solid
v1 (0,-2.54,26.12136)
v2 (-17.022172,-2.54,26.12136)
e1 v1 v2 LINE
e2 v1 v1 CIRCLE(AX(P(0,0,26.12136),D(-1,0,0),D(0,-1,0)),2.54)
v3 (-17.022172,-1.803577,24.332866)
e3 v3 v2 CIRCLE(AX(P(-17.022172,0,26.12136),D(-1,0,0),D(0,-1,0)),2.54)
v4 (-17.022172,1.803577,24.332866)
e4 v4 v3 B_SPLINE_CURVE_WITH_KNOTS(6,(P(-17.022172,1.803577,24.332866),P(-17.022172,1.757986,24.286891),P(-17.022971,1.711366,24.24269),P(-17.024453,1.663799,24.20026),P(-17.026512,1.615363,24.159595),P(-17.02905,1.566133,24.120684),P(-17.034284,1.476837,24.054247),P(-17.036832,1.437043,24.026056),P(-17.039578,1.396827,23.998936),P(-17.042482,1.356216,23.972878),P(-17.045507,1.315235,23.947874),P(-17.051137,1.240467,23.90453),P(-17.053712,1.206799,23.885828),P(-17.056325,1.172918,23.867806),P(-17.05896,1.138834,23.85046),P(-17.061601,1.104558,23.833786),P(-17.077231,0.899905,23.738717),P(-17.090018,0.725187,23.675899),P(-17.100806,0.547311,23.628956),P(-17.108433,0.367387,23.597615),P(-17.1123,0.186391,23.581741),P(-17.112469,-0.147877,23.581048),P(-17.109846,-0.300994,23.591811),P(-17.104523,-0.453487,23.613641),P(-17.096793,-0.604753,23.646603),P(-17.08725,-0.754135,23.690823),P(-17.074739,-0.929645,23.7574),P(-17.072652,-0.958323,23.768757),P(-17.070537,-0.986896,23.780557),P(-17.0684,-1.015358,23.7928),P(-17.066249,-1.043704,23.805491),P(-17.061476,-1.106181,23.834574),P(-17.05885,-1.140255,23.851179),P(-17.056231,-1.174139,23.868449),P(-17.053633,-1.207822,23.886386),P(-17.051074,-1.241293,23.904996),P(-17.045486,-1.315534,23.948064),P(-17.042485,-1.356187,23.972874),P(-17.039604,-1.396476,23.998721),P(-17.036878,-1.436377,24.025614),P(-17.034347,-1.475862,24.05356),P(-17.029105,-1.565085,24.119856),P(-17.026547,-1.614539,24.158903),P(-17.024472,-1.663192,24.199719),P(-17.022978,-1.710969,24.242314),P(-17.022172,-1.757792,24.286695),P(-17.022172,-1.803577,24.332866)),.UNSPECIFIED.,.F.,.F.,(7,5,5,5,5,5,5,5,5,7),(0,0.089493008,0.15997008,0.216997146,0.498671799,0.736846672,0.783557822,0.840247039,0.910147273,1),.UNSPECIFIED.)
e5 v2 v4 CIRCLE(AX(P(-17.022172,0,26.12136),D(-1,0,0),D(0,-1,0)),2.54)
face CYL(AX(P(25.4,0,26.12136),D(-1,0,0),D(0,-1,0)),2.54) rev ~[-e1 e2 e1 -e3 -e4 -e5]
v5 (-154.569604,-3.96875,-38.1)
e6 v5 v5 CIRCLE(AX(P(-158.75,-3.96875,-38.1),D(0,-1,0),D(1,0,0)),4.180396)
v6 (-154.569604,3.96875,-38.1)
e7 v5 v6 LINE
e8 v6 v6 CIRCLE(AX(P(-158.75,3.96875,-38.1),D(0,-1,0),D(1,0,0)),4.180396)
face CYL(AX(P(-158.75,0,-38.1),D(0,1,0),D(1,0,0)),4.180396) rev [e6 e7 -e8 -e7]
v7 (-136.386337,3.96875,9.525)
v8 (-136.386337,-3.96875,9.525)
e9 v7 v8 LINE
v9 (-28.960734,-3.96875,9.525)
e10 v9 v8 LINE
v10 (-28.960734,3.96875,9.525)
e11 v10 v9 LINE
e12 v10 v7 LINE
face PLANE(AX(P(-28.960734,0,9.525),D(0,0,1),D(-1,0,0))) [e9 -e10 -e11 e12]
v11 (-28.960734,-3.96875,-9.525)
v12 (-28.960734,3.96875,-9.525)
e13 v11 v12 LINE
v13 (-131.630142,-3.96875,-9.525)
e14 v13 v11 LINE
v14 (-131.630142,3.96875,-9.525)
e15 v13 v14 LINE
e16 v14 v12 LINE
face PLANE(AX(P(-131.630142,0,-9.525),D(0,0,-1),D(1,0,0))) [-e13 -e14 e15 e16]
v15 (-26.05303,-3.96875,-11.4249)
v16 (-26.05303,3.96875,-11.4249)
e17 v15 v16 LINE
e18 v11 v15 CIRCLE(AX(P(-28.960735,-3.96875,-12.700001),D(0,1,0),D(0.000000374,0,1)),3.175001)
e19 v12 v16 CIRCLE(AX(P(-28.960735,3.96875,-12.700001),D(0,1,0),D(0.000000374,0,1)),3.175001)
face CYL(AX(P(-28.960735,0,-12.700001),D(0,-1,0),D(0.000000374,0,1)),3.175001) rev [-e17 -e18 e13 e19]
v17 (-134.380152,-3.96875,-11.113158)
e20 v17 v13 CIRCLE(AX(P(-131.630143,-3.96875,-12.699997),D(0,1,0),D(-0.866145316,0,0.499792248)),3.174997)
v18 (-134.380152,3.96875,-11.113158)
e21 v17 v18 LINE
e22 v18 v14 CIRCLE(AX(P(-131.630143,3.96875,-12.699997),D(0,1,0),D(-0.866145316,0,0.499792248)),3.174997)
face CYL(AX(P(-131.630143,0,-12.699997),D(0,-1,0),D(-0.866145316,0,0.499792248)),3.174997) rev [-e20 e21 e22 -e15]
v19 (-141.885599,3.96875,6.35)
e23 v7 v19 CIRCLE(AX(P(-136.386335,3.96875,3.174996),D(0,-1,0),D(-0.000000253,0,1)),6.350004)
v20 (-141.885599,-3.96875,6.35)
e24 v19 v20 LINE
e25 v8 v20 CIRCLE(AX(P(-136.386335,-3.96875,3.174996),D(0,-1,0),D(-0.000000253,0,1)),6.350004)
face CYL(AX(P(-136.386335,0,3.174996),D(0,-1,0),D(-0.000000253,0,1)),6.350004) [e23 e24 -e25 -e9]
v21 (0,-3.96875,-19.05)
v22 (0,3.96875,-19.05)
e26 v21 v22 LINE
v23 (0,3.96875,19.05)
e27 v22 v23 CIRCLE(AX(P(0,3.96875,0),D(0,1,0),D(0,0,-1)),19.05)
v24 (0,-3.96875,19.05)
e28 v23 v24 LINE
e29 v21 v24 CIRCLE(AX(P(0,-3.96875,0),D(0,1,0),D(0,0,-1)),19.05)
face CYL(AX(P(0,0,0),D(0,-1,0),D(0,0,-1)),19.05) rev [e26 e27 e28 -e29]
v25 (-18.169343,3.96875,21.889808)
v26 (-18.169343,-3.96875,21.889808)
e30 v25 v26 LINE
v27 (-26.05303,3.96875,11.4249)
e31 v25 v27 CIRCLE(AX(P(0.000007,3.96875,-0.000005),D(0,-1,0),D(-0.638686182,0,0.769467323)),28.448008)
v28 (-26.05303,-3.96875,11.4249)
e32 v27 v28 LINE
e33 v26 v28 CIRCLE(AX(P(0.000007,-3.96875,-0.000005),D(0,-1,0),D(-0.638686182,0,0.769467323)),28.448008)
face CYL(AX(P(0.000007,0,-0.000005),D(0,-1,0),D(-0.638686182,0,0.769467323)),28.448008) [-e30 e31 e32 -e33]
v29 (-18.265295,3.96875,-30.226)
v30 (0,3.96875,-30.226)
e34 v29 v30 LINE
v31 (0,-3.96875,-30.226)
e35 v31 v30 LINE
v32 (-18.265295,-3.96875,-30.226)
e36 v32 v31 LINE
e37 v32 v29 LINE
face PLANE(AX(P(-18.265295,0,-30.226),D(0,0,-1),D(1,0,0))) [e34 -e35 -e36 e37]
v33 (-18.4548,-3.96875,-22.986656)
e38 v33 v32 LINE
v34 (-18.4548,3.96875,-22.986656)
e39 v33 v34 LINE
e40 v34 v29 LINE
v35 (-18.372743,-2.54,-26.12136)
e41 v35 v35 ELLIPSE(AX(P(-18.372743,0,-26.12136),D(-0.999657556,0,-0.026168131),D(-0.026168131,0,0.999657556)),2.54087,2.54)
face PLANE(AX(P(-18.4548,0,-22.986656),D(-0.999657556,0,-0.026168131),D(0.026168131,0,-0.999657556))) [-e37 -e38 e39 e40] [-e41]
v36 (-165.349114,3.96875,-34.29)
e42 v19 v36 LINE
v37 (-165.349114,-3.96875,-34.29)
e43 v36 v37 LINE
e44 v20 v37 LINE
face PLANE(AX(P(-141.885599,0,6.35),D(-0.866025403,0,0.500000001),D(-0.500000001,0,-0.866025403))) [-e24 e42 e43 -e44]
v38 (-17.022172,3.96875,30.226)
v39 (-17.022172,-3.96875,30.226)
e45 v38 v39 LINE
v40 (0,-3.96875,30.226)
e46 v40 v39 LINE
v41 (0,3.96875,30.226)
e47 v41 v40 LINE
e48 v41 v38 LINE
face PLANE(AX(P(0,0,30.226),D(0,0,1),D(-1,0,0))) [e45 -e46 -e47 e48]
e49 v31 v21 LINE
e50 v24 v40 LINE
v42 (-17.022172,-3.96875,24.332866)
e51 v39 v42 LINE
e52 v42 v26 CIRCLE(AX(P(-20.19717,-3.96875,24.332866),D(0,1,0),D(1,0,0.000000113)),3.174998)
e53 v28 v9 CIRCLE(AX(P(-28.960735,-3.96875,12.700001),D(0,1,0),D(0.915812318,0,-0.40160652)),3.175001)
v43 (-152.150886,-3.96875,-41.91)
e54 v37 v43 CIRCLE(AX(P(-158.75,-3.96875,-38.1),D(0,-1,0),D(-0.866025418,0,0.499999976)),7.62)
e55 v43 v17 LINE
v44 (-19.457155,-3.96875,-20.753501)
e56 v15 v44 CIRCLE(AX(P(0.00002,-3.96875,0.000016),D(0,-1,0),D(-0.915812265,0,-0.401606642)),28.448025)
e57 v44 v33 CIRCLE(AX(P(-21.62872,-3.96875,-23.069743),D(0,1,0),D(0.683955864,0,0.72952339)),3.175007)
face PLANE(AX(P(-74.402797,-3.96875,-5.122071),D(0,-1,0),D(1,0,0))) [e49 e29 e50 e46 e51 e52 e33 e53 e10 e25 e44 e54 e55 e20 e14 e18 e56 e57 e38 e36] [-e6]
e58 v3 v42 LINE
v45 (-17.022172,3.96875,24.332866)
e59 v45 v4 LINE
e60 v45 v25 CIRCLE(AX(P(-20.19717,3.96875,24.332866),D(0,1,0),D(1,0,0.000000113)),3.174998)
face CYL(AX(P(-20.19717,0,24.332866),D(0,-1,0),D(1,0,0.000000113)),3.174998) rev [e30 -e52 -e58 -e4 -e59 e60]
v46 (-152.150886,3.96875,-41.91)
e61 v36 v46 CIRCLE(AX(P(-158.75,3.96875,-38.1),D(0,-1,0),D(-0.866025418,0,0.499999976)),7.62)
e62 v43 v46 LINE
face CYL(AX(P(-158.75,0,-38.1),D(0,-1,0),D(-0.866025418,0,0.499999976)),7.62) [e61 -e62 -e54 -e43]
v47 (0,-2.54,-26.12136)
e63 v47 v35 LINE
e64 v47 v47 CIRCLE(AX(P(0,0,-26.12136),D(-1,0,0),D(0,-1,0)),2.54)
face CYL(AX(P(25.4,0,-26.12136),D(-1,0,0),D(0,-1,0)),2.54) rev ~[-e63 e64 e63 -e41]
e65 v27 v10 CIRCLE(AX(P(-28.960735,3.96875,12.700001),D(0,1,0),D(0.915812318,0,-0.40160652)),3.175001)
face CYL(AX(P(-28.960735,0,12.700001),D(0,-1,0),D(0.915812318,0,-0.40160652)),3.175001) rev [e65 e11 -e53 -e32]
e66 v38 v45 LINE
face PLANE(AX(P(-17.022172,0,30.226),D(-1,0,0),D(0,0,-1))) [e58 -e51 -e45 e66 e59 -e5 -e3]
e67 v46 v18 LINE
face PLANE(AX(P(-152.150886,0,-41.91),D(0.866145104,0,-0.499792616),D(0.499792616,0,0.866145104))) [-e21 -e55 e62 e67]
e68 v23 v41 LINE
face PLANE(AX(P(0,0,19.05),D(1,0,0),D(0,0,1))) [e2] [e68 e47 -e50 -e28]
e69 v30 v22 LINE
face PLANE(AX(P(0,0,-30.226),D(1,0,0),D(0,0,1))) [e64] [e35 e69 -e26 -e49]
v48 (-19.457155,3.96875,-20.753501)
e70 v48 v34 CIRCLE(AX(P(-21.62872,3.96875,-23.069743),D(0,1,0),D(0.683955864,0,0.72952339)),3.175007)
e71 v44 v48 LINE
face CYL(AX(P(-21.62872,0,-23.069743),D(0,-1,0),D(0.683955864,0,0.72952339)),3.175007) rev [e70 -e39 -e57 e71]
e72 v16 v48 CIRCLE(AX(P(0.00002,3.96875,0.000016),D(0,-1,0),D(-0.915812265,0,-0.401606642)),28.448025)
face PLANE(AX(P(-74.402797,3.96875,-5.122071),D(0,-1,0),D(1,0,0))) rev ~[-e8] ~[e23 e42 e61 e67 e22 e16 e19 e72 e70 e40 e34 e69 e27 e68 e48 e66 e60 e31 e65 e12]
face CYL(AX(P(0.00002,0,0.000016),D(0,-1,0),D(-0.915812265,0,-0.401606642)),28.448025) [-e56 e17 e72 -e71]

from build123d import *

# Parameters (mm, degrees)
F0_R     = 4.180396
F1_DEPTH = 3.96875
F3_D     = 5.08
F3_DEPTH = 25.4


with BuildPart() as f1:
    # F0 (on Front) → F1 (new body, symmetric)
    with BuildSketch(Plane.XZ):
        with BuildLine():
            ThreePointArc((0, -19.05), (-19.05, 0), (0, 19.05))
            Line((0, 19.05), (0, 30.226))
            Line((0, 30.226), (-17.022172, 30.226))
            Line((-17.022172, 30.226), (-17.022172, 24.332866))
            ThreePointArc((-17.022172, 24.332866), (-17.323239, 22.983372), (-18.169343, 21.889808))
            ThreePointArc((-18.169343, 21.889808), (-22.721865, 17.117405), (-26.05303, 11.4249))
            ThreePointArc((-26.05303, 11.4249), (-27.224045, 10.042081), (-28.960734, 9.525))
            Line((-28.960734, 9.525), (-136.386337, 9.525))
            ThreePointArc((-136.386337, 9.525), (-139.561337, 8.674261), (-141.885599, 6.35))
            Line((-141.885599, 6.35), (-165.349114, -34.29))
            ThreePointArc((-165.349114, -34.29), (-162.56, -44.699114), (-152.150886, -41.91))
            Line((-152.150886, -41.91), (-134.380152, -11.113158))
            ThreePointArc((-134.380152, -11.113158), (-133.217971, -9.950559), (-131.630142, -9.525))
            Line((-131.630142, -9.525), (-28.960734, -9.525))
            ThreePointArc((-28.960734, -9.525), (-27.224045, -10.042081), (-26.05303, -11.4249))
            ThreePointArc((-26.05303, -11.4249), (-23.228214, -16.423725), (-19.457155, -20.753501))
            ThreePointArc((-19.457155, -20.753501), (-18.732119, -21.769599), (-18.4548, -22.986656))
            Line((-18.4548, -22.986656), (-18.265295, -30.226))
            Line((-18.265295, -30.226), (0, -30.226))
            Line((0, -30.226), (0, -19.05))
        make_face()
        with Locations((-158.75, -38.1)):
            Circle(F0_R, mode=Mode.SUBTRACT)
    extrude(amount=F1_DEPTH, both=True)

    # F3
    with Locations(Plane.YZ):
        with Locations((0, 26.12136), (0, -26.12136)):
            Hole(F3_D / 2, depth=F3_DEPTH)


solid = f1.part
